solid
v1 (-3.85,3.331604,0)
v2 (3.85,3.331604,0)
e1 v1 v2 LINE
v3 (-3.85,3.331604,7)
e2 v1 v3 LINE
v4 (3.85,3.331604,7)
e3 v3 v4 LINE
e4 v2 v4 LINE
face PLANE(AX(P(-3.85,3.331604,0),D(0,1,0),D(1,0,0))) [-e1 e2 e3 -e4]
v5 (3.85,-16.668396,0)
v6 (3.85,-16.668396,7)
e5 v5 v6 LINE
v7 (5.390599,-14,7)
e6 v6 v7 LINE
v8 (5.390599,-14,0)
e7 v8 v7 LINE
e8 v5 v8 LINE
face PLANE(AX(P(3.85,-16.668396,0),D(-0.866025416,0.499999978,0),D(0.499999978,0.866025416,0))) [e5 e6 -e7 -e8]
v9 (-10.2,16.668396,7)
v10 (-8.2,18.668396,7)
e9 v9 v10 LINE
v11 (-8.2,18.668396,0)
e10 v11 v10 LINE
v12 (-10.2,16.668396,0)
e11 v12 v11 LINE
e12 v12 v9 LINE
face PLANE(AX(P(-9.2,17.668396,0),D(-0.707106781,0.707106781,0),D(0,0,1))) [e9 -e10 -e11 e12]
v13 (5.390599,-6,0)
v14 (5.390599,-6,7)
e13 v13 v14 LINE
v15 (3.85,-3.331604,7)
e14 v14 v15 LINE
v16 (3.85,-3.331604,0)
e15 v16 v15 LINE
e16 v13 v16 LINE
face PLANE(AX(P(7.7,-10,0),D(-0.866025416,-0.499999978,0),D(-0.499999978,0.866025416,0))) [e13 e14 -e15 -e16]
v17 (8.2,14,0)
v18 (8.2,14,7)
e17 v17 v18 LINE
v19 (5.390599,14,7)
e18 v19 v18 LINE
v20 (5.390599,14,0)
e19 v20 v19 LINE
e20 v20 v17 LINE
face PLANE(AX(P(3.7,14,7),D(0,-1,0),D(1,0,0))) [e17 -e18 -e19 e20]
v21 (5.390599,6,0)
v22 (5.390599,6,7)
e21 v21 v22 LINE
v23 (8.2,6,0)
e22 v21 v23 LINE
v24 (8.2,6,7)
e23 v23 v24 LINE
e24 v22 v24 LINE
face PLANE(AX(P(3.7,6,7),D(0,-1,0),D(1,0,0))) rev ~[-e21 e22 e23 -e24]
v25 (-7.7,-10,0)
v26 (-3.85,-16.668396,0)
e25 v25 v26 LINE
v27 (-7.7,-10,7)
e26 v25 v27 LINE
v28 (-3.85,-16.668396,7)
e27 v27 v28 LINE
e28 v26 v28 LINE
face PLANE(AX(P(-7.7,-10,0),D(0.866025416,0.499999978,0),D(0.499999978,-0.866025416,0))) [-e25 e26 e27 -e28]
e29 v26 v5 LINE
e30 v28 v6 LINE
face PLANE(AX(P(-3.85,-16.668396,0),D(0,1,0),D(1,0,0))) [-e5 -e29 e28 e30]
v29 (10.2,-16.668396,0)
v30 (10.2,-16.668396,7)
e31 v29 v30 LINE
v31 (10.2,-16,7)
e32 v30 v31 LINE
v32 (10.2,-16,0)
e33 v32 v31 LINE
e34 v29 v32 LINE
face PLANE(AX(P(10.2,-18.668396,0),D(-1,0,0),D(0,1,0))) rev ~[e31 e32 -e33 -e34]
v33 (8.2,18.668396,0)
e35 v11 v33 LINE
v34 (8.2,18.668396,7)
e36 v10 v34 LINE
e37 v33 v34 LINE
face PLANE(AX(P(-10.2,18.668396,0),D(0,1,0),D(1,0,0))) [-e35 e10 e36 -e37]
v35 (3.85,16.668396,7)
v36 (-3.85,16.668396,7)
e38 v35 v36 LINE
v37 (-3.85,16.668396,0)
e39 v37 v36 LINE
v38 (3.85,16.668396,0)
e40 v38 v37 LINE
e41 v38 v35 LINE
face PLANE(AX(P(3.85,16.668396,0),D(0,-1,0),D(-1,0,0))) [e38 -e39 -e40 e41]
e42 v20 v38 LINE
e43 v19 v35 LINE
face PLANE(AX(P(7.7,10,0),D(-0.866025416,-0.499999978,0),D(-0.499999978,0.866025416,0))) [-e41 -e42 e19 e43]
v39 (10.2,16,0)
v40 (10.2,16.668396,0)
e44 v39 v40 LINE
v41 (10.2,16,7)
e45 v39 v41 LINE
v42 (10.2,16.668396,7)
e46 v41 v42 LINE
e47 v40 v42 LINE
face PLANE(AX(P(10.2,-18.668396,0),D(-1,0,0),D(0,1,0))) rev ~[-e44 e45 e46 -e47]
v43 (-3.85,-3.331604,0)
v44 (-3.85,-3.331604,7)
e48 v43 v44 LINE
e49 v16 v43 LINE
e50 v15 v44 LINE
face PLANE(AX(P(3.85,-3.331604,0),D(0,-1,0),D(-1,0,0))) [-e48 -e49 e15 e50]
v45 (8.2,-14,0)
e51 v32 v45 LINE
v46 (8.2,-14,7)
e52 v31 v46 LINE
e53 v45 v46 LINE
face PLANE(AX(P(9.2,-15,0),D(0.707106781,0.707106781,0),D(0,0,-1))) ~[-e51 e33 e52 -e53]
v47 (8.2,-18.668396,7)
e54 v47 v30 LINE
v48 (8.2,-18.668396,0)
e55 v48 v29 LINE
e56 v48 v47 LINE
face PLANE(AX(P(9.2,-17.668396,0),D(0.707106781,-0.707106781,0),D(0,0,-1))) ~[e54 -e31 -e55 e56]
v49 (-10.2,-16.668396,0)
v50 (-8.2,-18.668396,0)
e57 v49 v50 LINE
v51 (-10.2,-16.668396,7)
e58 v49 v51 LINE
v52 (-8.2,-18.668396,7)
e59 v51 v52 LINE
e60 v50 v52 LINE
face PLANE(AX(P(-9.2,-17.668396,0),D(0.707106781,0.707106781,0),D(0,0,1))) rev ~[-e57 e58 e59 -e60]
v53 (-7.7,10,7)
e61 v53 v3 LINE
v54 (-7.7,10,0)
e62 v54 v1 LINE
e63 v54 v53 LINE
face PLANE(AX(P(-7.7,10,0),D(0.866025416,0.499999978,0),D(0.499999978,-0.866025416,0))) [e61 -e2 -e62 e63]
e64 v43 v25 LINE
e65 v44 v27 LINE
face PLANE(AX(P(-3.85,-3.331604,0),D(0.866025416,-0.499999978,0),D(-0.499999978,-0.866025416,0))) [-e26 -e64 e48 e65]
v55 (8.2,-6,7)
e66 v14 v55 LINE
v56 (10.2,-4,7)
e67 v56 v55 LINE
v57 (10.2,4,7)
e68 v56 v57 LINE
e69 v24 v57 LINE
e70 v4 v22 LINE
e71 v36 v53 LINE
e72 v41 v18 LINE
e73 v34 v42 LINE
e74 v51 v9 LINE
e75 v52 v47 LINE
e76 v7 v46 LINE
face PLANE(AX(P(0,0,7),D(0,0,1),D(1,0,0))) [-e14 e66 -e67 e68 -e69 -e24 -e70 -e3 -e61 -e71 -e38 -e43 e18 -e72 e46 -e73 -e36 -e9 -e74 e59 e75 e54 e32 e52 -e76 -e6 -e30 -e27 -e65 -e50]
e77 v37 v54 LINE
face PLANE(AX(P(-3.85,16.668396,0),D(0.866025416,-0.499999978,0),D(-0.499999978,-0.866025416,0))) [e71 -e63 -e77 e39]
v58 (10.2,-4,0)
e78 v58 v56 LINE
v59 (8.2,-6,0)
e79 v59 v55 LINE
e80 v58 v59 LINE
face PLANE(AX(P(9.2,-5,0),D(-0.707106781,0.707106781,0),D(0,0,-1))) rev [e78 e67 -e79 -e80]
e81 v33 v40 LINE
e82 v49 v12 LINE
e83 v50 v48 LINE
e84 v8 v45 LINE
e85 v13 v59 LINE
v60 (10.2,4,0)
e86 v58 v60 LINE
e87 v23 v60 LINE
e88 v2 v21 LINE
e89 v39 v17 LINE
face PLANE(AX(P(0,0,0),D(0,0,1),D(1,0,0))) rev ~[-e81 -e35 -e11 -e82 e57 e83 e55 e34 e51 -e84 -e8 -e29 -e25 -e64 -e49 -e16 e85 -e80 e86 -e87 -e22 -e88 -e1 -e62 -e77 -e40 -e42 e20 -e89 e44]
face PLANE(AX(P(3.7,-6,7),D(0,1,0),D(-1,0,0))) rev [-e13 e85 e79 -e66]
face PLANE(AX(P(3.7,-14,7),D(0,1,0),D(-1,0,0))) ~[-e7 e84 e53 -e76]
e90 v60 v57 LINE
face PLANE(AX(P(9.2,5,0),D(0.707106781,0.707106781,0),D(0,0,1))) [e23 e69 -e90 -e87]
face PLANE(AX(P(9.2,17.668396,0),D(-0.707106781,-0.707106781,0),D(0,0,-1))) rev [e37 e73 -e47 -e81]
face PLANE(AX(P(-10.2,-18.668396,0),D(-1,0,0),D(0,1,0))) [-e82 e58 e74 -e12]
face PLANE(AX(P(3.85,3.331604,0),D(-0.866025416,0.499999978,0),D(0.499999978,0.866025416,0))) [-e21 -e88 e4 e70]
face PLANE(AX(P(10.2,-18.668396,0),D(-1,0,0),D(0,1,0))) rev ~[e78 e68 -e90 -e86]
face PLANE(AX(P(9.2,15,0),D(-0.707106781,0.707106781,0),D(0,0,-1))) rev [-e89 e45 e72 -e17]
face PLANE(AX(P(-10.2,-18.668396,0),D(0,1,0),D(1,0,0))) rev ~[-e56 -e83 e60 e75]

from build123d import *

# Parameters (mm, degrees)
SKETCH_W     = 20.4
SKETCH_H     = 37.336792
PAD_DEPTH    = 7
SKETCH001_W  = 8
SKETCH001_H  = 8
POCKET_DEPTH = 7
CHAMFER_SIZE = 2


with BuildPart() as part:
    # Sketch → Pad (new body)
    with BuildSketch(Plane.XY):
        Rectangle(SKETCH_W, SKETCH_H)
        Polygon((3.85, 3.331604), (7.7, 10), (3.85, 16.668396), (-3.85, 16.668396), (-7.7, 10), (-3.85, 3.331604), align=None, mode=Mode.SUBTRACT)
        Polygon((3.85, -3.331604), (-3.85, -3.331604), (-7.7, -10), (-3.85, -16.668396), (3.85, -16.668396), (7.7, -10), align=None, mode=Mode.SUBTRACT)
    extrude(amount=PAD_DEPTH)

    # Sketch001 → Pocket (cut)
    with BuildSketch(Plane.XY.offset(7)):
        with Locations((7.7, 10)):
            Rectangle(SKETCH001_W, SKETCH001_H)
    pocket = extrude(amount=-POCKET_DEPTH, mode=Mode.SUBTRACT)

    # Mirrored: Pocket across Sketch001 H_Axis
    add(pocket.mirror(Plane(origin=(0, 0, 7), x_dir=(0, 0, 1), z_dir=(0, 1, 0))), mode=Mode.SUBTRACT)

    # Chamfer
    chamfer_edges = [part.edges().sort_by_distance(p)[0] for p in [
        (-10.2, 18.668396, 3.5),
        (10.2, 18.668396, 3.5),
        (-10.2, -18.668396, 3.5),
        (10.2, 14, 3.5),
        (10.2, -18.668396, 3.5),
        (10.2, 6, 3.5),
        (10.2, -6, 3.5),
        (10.2, -14, 3.5),
    ]]
    chamfer(chamfer_edges, length=CHAMFER_SIZE)


solid = part.part
